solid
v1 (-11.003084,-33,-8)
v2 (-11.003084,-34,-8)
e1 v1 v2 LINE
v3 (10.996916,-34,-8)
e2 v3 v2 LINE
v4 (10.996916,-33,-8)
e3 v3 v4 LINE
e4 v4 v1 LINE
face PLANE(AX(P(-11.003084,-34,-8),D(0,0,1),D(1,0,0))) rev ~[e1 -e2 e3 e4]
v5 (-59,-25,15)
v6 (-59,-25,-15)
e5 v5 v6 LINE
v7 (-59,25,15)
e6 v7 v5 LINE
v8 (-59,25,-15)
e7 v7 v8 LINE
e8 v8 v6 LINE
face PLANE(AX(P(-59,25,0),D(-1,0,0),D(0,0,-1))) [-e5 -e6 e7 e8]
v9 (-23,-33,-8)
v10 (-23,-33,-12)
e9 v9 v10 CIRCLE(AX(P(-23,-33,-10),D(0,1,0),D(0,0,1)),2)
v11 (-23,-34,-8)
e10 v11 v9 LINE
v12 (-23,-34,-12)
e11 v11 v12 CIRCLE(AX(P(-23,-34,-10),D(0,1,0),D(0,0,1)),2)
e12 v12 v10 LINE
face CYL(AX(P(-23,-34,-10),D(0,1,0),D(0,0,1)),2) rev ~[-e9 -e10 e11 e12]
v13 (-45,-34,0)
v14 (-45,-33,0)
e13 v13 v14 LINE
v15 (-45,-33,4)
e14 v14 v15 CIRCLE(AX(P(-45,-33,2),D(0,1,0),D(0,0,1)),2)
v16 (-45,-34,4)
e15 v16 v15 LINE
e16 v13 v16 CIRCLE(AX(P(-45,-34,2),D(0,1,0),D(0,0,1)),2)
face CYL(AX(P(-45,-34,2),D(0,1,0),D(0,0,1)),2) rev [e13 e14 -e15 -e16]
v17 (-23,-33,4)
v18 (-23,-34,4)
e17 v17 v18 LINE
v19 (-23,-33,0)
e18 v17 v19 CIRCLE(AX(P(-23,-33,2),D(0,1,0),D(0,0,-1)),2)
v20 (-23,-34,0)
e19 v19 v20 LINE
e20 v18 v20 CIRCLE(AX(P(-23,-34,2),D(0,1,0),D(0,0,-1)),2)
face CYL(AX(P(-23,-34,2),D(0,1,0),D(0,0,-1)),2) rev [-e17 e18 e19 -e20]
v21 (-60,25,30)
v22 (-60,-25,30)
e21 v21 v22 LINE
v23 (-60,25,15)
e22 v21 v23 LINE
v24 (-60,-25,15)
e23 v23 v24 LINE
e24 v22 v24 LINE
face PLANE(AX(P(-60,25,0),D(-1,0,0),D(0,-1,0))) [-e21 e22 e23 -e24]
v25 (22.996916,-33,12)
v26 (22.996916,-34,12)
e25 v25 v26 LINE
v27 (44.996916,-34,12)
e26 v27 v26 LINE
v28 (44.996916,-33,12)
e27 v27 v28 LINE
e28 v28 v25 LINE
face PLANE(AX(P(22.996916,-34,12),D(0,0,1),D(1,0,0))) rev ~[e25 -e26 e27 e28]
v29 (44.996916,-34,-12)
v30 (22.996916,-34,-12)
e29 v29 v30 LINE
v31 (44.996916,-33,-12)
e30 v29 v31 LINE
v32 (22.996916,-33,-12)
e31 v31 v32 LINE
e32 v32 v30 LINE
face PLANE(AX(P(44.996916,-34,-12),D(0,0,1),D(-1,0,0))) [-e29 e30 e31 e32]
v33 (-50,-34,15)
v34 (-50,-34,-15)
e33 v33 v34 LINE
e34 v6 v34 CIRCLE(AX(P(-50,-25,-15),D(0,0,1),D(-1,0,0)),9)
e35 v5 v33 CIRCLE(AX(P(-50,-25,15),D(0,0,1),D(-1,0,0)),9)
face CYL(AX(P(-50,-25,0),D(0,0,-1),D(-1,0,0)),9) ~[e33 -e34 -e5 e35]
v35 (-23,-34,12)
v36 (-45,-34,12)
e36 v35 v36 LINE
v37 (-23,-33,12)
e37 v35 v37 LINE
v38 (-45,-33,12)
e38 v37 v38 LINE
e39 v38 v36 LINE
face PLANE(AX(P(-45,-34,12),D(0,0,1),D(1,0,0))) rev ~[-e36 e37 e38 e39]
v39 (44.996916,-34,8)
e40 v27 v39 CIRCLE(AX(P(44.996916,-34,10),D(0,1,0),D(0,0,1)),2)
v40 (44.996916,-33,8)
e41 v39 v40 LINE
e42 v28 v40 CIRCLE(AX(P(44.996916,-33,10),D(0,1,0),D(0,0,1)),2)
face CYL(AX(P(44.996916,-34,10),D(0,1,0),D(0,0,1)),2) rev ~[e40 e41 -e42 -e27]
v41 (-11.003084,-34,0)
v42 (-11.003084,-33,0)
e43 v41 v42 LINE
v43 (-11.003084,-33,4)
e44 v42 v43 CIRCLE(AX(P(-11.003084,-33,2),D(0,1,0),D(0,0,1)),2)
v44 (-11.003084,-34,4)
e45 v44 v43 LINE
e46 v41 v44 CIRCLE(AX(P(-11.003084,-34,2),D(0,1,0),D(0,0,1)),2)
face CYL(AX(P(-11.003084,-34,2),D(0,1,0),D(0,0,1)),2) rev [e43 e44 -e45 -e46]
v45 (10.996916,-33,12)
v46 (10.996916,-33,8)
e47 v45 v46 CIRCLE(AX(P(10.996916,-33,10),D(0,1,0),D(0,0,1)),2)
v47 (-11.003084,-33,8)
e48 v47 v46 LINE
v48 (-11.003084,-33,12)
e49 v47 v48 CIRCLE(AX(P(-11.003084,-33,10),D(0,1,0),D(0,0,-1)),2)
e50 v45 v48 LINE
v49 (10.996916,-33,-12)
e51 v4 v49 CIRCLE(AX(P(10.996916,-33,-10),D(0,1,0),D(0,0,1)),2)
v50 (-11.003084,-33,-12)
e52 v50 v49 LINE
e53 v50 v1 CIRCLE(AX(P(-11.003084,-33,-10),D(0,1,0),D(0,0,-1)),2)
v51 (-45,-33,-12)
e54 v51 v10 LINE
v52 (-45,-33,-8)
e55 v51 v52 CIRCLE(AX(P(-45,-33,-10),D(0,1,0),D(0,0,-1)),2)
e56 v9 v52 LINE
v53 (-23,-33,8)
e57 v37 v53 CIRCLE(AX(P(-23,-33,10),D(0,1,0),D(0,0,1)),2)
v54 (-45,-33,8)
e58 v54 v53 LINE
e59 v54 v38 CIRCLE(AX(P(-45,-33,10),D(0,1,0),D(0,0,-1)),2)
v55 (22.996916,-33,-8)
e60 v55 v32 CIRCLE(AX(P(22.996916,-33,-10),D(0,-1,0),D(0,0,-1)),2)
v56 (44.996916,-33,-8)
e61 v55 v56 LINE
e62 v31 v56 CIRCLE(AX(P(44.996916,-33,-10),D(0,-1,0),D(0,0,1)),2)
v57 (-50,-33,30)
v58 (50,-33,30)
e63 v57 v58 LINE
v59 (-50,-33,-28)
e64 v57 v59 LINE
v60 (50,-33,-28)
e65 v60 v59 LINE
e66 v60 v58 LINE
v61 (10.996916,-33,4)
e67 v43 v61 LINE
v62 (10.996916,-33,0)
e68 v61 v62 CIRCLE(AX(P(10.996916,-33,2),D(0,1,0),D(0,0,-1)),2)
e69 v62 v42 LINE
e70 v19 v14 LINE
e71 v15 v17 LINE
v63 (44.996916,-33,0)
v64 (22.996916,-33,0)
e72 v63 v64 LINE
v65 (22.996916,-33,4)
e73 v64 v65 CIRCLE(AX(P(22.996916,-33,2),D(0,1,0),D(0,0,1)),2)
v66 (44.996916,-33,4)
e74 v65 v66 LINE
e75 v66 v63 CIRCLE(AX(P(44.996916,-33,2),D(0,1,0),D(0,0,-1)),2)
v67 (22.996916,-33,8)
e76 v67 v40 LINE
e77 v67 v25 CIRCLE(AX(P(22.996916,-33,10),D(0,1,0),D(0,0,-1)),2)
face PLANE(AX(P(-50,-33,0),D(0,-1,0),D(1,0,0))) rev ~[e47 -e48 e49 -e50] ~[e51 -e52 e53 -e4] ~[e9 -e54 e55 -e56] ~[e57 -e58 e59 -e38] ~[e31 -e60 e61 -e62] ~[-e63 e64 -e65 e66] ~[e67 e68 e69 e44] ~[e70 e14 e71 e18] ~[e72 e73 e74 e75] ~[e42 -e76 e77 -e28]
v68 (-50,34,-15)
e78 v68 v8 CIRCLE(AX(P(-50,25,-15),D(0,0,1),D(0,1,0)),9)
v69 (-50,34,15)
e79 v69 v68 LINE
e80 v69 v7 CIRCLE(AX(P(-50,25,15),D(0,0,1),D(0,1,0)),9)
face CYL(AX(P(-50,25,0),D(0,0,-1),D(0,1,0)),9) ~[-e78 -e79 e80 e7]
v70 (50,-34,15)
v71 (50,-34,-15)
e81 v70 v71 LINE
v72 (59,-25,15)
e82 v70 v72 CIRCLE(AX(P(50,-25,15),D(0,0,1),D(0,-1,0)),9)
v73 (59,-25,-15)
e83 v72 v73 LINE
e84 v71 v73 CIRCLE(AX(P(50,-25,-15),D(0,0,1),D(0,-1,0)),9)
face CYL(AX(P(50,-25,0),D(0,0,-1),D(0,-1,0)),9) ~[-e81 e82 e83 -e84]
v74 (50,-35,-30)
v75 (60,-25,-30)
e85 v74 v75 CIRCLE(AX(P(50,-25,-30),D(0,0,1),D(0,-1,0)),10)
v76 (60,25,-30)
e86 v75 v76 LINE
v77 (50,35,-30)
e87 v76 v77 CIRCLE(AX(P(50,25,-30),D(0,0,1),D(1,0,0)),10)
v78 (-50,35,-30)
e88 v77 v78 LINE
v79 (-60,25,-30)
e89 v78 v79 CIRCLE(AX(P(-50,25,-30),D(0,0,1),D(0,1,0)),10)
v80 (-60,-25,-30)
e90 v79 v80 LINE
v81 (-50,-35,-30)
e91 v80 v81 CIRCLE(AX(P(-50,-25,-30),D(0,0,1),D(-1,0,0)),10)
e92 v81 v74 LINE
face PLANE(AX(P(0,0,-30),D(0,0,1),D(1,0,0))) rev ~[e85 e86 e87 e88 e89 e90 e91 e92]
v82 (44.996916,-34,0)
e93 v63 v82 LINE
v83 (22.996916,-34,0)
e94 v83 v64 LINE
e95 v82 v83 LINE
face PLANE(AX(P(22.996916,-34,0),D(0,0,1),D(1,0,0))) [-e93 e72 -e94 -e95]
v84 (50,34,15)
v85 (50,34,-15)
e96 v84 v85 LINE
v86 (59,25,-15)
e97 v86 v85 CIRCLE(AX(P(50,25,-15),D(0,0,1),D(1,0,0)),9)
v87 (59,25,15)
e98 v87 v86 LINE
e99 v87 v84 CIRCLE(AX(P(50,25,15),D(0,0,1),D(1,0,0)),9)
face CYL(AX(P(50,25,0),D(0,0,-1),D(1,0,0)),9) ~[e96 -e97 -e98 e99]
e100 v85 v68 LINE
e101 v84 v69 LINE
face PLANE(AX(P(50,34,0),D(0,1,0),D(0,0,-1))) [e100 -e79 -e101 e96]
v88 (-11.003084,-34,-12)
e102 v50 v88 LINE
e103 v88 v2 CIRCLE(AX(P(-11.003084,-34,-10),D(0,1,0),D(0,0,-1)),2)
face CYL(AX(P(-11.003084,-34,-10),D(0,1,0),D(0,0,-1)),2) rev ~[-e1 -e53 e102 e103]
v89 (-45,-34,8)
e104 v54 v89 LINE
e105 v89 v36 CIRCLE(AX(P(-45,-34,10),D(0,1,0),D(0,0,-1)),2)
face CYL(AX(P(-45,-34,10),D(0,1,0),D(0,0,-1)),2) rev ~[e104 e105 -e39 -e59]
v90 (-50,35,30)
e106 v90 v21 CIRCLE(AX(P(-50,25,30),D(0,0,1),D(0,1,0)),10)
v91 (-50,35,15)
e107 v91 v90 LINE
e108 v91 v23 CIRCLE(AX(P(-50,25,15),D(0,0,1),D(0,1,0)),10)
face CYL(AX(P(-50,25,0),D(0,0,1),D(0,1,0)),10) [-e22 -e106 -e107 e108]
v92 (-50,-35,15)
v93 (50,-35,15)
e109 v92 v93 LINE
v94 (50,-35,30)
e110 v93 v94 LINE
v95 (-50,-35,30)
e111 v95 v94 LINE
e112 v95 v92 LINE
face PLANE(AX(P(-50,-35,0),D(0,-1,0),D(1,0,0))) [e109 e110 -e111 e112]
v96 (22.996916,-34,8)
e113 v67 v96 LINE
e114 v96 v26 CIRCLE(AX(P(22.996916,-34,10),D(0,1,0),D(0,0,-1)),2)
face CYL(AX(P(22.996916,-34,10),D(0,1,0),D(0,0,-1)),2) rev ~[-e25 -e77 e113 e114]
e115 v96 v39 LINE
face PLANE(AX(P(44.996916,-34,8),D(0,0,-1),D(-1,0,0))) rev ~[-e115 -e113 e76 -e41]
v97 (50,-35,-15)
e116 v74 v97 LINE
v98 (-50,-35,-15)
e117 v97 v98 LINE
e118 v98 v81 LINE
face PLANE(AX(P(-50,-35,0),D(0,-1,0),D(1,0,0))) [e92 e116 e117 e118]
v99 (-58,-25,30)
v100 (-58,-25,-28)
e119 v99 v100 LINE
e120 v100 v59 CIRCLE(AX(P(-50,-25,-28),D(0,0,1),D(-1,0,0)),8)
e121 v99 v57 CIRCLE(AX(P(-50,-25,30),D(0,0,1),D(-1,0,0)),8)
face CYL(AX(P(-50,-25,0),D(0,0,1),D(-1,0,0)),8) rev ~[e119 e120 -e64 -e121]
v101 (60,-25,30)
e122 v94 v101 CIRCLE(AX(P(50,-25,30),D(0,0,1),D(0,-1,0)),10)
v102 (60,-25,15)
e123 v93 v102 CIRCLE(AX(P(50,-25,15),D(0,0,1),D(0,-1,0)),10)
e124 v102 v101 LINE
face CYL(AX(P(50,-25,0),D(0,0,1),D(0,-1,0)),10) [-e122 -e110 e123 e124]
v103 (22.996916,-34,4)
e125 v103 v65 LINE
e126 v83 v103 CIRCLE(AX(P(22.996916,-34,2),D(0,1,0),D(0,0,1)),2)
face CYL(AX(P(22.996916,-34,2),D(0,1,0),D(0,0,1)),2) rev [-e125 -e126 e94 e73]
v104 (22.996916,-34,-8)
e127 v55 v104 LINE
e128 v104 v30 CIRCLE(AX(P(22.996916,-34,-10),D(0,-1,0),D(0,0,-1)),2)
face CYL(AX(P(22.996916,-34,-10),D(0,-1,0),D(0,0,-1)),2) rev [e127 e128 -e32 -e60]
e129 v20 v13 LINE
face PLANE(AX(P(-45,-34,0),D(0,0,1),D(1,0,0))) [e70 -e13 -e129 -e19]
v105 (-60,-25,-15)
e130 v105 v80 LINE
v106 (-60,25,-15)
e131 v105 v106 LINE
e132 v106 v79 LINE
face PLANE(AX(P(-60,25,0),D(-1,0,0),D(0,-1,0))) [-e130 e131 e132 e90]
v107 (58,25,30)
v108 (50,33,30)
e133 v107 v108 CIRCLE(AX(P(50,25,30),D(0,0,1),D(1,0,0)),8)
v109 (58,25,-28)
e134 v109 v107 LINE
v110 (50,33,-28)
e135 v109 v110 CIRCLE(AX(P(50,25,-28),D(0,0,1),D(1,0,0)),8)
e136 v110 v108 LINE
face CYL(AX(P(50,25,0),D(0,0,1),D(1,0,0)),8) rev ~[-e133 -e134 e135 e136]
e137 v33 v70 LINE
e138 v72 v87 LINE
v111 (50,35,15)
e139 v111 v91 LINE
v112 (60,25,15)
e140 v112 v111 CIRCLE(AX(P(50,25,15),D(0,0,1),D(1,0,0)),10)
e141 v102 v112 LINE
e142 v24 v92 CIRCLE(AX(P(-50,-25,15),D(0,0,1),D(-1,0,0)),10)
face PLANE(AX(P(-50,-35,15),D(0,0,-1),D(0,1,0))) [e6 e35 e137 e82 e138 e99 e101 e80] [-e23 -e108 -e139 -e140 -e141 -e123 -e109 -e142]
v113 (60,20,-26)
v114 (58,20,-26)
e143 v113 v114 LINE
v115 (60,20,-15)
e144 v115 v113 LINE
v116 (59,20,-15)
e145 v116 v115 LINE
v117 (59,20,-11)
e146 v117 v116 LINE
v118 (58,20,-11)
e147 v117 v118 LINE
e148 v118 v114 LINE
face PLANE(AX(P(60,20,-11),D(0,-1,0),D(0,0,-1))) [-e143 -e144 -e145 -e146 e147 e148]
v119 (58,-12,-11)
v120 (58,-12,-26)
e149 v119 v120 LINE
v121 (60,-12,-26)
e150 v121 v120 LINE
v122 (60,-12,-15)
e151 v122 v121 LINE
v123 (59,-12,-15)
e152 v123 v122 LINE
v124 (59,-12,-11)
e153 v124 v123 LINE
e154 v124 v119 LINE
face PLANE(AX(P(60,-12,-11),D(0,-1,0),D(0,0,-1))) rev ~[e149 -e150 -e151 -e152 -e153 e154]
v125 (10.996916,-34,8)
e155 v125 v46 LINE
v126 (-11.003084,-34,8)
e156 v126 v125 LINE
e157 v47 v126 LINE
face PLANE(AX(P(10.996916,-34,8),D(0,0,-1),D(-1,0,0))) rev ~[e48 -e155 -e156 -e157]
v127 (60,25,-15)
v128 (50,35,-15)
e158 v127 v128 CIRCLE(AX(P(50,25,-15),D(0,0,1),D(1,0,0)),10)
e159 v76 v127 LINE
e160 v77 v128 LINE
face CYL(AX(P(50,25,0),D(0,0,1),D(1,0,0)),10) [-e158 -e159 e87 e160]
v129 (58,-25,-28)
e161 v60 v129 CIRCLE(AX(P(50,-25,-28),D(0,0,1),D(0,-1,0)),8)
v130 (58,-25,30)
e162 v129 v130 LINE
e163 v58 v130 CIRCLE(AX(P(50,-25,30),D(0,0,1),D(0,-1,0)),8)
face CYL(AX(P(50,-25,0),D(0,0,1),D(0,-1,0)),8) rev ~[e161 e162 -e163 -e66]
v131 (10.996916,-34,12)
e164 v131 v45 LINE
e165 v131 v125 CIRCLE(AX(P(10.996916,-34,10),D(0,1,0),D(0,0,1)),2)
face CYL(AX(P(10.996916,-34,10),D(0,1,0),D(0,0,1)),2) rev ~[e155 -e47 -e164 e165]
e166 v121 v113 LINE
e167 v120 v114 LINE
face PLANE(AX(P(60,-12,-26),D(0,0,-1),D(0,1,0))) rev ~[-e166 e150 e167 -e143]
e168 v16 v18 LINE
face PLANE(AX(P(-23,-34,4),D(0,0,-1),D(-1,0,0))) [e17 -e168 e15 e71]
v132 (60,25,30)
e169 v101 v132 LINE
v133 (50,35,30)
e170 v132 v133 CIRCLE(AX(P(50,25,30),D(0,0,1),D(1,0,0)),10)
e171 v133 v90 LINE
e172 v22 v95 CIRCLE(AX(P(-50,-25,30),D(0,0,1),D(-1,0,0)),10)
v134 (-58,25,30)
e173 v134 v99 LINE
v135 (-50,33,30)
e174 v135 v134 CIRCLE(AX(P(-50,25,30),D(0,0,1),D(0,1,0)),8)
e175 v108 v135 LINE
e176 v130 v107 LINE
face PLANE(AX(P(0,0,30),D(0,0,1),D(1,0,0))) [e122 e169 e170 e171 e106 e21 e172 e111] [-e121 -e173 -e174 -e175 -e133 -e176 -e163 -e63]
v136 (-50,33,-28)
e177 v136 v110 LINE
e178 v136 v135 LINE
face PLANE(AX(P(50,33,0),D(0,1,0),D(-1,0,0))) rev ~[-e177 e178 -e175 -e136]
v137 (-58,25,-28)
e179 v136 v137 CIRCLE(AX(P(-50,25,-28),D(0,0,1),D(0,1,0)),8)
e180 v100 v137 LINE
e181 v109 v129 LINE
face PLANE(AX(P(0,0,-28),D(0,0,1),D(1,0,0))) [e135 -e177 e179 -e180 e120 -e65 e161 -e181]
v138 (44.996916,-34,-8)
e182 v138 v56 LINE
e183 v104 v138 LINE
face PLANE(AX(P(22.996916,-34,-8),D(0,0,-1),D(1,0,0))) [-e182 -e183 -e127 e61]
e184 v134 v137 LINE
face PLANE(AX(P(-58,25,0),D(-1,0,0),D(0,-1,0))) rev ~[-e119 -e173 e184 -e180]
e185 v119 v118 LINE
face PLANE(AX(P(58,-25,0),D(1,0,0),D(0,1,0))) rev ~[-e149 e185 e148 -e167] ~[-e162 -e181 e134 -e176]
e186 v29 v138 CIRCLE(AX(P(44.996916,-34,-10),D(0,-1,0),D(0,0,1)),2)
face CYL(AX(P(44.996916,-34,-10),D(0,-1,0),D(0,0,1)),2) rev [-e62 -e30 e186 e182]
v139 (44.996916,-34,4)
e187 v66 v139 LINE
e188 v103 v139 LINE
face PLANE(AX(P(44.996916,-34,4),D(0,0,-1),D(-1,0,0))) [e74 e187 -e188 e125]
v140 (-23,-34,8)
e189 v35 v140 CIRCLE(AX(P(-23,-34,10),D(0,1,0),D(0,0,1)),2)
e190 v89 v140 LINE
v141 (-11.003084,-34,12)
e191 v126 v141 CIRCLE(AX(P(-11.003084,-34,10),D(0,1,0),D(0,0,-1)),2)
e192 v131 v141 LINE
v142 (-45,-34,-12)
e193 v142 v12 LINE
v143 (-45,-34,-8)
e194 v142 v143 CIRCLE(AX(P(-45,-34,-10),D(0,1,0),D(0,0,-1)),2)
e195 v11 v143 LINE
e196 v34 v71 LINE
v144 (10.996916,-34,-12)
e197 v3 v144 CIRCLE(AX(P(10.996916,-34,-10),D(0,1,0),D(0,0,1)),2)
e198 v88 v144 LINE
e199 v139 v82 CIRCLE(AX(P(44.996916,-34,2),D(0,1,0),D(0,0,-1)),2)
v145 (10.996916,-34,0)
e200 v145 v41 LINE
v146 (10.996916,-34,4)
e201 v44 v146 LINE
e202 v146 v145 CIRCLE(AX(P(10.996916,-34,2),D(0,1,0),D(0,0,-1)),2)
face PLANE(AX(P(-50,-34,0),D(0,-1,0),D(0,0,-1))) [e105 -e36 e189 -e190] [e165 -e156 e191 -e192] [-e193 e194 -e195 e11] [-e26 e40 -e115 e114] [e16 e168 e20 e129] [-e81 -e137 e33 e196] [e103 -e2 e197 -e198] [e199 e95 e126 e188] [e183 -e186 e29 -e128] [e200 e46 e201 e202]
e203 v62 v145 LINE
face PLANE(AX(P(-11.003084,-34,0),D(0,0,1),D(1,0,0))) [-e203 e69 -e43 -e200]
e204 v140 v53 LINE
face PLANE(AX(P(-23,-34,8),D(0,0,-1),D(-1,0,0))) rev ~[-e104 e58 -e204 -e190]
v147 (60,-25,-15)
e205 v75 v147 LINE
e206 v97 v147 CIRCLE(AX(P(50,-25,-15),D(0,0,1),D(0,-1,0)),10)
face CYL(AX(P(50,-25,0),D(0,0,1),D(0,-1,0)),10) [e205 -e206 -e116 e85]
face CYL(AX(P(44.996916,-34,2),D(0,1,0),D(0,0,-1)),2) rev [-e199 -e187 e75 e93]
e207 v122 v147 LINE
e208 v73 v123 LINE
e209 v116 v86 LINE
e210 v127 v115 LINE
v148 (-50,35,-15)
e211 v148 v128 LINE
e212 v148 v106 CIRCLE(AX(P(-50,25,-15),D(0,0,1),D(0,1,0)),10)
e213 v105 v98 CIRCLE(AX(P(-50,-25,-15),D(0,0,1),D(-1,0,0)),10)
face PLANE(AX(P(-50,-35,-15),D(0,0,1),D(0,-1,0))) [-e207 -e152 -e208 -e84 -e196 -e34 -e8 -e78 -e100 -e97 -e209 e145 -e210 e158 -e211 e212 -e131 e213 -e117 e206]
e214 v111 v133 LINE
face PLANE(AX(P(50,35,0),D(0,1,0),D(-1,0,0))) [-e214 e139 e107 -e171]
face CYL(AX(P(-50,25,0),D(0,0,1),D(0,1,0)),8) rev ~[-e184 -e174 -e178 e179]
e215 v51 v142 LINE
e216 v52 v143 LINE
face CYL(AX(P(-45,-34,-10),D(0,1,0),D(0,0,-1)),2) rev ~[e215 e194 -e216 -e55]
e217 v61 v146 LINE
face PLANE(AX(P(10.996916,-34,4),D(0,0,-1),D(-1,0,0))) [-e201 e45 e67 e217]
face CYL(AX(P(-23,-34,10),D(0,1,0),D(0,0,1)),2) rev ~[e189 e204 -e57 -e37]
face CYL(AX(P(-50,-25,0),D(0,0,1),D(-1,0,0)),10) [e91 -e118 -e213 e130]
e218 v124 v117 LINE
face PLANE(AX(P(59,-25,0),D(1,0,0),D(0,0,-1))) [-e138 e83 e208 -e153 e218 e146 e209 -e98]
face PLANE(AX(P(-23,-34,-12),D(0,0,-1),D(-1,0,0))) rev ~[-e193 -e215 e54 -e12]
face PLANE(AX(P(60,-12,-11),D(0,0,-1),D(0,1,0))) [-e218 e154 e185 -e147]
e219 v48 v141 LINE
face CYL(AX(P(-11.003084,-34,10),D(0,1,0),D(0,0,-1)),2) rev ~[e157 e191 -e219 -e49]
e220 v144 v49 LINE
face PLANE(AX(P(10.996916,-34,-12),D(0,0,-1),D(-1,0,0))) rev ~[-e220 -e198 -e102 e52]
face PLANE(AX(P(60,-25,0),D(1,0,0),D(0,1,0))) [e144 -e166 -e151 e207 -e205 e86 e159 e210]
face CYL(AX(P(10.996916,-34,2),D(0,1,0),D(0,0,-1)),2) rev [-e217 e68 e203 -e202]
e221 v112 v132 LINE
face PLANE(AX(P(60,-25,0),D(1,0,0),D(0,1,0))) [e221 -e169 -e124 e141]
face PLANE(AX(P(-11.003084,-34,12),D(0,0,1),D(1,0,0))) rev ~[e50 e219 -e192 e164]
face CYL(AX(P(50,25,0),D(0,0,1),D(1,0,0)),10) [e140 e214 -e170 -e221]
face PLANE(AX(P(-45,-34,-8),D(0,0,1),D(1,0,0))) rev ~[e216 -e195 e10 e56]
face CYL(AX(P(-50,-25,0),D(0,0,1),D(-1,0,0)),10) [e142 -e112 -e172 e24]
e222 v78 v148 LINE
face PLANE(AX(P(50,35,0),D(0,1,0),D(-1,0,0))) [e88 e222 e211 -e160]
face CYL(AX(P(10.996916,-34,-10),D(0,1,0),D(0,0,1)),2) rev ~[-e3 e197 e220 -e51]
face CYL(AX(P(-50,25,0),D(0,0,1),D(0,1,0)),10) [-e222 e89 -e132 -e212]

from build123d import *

# Parameters (mm, degrees)
BOSS_EXTRU_2_DEPTH      = 30
COQUE2_T                = -2
ESQUISSE11_W            = 2
ESQUISSE11_H            = 30
ENL_V_MAT_EXTRU_2_DEPTH = 5
ESQUISSE17_W            = 15
ESQUISSE17_H            = 32
ENL_V_MAT_EXTRU_3_DEPTH = 10


with BuildPart() as part:
    # Esquisse5 → Boss.-Extru.2 (new, symmetric)
    with BuildSketch(Plane.XY):
        with BuildLine():
            Line((-50, -35), (50, -35))
            ThreePointArc((50, -35), (57.071067812, -32.071067812), (60, -25))
            Line((60, -25), (60, 25))
            ThreePointArc((60, 25), (57.071067812, 32.071067812), (50, 35))
            Line((50, 35), (-50, 35))
            ThreePointArc((-50, 35), (-57.071067812, 32.071067812), (-60, 25))
            Line((-60, 25), (-60, -25))
            ThreePointArc((-60, -25), (-57.071067812, -32.071067812), (-50, -35))
        make_face()
    extrude(amount=BOSS_EXTRU_2_DEPTH, both=True)

    # Coque2
    coque2_openings = [part.faces().sort_by_distance(p)[0] for p in [
        (0, 0, 30),
    ]]
    offset(amount=COQUE2_T, openings=coque2_openings, kind=Kind.INTERSECTION)

    # Enlèvement de matière-Balayage11: sweep along a path in Esquisse5<5>
    with BuildLine(Plane.XY) as enl_vement_de_mati_re_balayage11_path:
        Line((-50, -35), (50, -35))
        ThreePointArc((50, -35), (57.071067812, -32.071067812), (60, -25))
        Line((60, -25), (60, 25))
        ThreePointArc((60, 25), (57.071067812, 32.071067812), (50, 35))
        Line((50, 35), (-50, 35))
        ThreePointArc((-50, 35), (-57.071067812, 32.071067812), (-60, 25))
        Line((-60, 25), (-60, -25))
        ThreePointArc((-60, -25), (-57.071067812, -32.071067812), (-50, -35))
    # Esquisse11 → Enlèvement de matière-Balayage11 (sweep, cut)
    with BuildSketch(Plane(origin=(0, 0, 0), x_dir=(1, 0, 0), z_dir=(0, 1, 0))):
        with Locations((-60, 0)):
            Rectangle(ESQUISSE11_W, ESQUISSE11_H)
    sweep(path=enl_vement_de_mati_re_balayage11_path.line, mode=Mode.SUBTRACT)

    # Esquisse16 → Enlèv. mat.-Extru.2 (cut, symmetric)
    with BuildSketch(Plane.XZ.offset(34)):
        with BuildLine():
            Line((22.996916051, 12), (44.996916051, 12))
            ThreePointArc((44.996916051, 12), (46.996916051, 10), (44.996916051, 8))
            Line((44.996916051, 8), (22.996916051, 8))
            ThreePointArc((22.996916051, 8), (20.996916051, 10), (22.996916051, 12))
        make_face()
        with BuildLine():
            Line((-11.003083949, 12), (10.996916051, 12))
            ThreePointArc((10.996916051, 12), (12.996916051, 10), (10.996916051, 8))
            Line((10.996916051, 8), (-11.003083949, 8))
            ThreePointArc((-11.003083949, 8), (-13.003083949, 10), (-11.003083949, 12))
        make_face()
        with BuildLine():
            Line((-45, 12), (-23, 12))
            ThreePointArc((-23, 12), (-21, 10), (-23, 8))
            Line((-23, 8), (-45, 8))
            ThreePointArc((-45, 8), (-47, 10), (-45, 12))
        make_face()
        with BuildLine():
            Line((22.996916051, 0), (44.996916051, 0))
            ThreePointArc((44.996916051, 0), (46.996916051, 2), (44.996916051, 4))
            Line((44.996916051, 4), (22.996916051, 4))
            ThreePointArc((22.996916051, 4), (20.996916051, 2), (22.996916051, 0))
        make_face()
        with BuildLine():
            Line((-11.003083949, 0), (10.996916051, 0))
            ThreePointArc((10.996916051, 0), (12.996916051, 2), (10.996916051, 4))
            Line((10.996916051, 4), (-11.003083949, 4))
            ThreePointArc((-11.003083949, 4), (-13.003083949, 2), (-11.003083949, 0))
        make_face()
        with BuildLine():
            Line((-45, 0), (-23, 0))
            ThreePointArc((-23, 0), (-21, 2), (-23, 4))
            Line((-23, 4), (-45, 4))
            ThreePointArc((-45, 4), (-47, 2), (-45, 0))
        make_face()
        with BuildLine():
            Line((-45, -8), (-23, -8))
            ThreePointArc((-23, -8), (-21, -10), (-23, -12))
            Line((-23, -12), (-45, -12))
            ThreePointArc((-45, -12), (-47, -10), (-45, -8))
        make_face()
        with BuildLine():
            Line((-11.003083949, -8), (10.996916051, -8))
            ThreePointArc((10.996916051, -8), (12.996916051, -10), (10.996916051, -12))
            Line((10.996916051, -12), (-11.003083949, -12))
            ThreePointArc((-11.003083949, -12), (-13.003083949, -10), (-11.003083949, -8))
        make_face()
        with BuildLine():
            Line((22.996916051, -8), (44.996916051, -8))
            ThreePointArc((44.996916051, -8), (46.996916051, -10), (44.996916051, -12))
            Line((44.996916051, -12), (22.996916051, -12))
            ThreePointArc((22.996916051, -12), (20.996916051, -10), (22.996916051, -8))
        make_face()
    extrude(amount=ENL_V_MAT_EXTRU_2_DEPTH, both=True, mode=Mode.SUBTRACT)

    # Esquisse17 → Enlèv. mat.-Extru.3 (cut)
    with BuildSketch(Plane(origin=(60, 0, 0), x_dir=(0, 0, -1), z_dir=(1, 0, 0))):
        with Locations((18.5, 4)):
            Rectangle(ESQUISSE17_W, ESQUISSE17_H)
    extrude(amount=-ENL_V_MAT_EXTRU_3_DEPTH, mode=Mode.SUBTRACT)


solid = part.part
